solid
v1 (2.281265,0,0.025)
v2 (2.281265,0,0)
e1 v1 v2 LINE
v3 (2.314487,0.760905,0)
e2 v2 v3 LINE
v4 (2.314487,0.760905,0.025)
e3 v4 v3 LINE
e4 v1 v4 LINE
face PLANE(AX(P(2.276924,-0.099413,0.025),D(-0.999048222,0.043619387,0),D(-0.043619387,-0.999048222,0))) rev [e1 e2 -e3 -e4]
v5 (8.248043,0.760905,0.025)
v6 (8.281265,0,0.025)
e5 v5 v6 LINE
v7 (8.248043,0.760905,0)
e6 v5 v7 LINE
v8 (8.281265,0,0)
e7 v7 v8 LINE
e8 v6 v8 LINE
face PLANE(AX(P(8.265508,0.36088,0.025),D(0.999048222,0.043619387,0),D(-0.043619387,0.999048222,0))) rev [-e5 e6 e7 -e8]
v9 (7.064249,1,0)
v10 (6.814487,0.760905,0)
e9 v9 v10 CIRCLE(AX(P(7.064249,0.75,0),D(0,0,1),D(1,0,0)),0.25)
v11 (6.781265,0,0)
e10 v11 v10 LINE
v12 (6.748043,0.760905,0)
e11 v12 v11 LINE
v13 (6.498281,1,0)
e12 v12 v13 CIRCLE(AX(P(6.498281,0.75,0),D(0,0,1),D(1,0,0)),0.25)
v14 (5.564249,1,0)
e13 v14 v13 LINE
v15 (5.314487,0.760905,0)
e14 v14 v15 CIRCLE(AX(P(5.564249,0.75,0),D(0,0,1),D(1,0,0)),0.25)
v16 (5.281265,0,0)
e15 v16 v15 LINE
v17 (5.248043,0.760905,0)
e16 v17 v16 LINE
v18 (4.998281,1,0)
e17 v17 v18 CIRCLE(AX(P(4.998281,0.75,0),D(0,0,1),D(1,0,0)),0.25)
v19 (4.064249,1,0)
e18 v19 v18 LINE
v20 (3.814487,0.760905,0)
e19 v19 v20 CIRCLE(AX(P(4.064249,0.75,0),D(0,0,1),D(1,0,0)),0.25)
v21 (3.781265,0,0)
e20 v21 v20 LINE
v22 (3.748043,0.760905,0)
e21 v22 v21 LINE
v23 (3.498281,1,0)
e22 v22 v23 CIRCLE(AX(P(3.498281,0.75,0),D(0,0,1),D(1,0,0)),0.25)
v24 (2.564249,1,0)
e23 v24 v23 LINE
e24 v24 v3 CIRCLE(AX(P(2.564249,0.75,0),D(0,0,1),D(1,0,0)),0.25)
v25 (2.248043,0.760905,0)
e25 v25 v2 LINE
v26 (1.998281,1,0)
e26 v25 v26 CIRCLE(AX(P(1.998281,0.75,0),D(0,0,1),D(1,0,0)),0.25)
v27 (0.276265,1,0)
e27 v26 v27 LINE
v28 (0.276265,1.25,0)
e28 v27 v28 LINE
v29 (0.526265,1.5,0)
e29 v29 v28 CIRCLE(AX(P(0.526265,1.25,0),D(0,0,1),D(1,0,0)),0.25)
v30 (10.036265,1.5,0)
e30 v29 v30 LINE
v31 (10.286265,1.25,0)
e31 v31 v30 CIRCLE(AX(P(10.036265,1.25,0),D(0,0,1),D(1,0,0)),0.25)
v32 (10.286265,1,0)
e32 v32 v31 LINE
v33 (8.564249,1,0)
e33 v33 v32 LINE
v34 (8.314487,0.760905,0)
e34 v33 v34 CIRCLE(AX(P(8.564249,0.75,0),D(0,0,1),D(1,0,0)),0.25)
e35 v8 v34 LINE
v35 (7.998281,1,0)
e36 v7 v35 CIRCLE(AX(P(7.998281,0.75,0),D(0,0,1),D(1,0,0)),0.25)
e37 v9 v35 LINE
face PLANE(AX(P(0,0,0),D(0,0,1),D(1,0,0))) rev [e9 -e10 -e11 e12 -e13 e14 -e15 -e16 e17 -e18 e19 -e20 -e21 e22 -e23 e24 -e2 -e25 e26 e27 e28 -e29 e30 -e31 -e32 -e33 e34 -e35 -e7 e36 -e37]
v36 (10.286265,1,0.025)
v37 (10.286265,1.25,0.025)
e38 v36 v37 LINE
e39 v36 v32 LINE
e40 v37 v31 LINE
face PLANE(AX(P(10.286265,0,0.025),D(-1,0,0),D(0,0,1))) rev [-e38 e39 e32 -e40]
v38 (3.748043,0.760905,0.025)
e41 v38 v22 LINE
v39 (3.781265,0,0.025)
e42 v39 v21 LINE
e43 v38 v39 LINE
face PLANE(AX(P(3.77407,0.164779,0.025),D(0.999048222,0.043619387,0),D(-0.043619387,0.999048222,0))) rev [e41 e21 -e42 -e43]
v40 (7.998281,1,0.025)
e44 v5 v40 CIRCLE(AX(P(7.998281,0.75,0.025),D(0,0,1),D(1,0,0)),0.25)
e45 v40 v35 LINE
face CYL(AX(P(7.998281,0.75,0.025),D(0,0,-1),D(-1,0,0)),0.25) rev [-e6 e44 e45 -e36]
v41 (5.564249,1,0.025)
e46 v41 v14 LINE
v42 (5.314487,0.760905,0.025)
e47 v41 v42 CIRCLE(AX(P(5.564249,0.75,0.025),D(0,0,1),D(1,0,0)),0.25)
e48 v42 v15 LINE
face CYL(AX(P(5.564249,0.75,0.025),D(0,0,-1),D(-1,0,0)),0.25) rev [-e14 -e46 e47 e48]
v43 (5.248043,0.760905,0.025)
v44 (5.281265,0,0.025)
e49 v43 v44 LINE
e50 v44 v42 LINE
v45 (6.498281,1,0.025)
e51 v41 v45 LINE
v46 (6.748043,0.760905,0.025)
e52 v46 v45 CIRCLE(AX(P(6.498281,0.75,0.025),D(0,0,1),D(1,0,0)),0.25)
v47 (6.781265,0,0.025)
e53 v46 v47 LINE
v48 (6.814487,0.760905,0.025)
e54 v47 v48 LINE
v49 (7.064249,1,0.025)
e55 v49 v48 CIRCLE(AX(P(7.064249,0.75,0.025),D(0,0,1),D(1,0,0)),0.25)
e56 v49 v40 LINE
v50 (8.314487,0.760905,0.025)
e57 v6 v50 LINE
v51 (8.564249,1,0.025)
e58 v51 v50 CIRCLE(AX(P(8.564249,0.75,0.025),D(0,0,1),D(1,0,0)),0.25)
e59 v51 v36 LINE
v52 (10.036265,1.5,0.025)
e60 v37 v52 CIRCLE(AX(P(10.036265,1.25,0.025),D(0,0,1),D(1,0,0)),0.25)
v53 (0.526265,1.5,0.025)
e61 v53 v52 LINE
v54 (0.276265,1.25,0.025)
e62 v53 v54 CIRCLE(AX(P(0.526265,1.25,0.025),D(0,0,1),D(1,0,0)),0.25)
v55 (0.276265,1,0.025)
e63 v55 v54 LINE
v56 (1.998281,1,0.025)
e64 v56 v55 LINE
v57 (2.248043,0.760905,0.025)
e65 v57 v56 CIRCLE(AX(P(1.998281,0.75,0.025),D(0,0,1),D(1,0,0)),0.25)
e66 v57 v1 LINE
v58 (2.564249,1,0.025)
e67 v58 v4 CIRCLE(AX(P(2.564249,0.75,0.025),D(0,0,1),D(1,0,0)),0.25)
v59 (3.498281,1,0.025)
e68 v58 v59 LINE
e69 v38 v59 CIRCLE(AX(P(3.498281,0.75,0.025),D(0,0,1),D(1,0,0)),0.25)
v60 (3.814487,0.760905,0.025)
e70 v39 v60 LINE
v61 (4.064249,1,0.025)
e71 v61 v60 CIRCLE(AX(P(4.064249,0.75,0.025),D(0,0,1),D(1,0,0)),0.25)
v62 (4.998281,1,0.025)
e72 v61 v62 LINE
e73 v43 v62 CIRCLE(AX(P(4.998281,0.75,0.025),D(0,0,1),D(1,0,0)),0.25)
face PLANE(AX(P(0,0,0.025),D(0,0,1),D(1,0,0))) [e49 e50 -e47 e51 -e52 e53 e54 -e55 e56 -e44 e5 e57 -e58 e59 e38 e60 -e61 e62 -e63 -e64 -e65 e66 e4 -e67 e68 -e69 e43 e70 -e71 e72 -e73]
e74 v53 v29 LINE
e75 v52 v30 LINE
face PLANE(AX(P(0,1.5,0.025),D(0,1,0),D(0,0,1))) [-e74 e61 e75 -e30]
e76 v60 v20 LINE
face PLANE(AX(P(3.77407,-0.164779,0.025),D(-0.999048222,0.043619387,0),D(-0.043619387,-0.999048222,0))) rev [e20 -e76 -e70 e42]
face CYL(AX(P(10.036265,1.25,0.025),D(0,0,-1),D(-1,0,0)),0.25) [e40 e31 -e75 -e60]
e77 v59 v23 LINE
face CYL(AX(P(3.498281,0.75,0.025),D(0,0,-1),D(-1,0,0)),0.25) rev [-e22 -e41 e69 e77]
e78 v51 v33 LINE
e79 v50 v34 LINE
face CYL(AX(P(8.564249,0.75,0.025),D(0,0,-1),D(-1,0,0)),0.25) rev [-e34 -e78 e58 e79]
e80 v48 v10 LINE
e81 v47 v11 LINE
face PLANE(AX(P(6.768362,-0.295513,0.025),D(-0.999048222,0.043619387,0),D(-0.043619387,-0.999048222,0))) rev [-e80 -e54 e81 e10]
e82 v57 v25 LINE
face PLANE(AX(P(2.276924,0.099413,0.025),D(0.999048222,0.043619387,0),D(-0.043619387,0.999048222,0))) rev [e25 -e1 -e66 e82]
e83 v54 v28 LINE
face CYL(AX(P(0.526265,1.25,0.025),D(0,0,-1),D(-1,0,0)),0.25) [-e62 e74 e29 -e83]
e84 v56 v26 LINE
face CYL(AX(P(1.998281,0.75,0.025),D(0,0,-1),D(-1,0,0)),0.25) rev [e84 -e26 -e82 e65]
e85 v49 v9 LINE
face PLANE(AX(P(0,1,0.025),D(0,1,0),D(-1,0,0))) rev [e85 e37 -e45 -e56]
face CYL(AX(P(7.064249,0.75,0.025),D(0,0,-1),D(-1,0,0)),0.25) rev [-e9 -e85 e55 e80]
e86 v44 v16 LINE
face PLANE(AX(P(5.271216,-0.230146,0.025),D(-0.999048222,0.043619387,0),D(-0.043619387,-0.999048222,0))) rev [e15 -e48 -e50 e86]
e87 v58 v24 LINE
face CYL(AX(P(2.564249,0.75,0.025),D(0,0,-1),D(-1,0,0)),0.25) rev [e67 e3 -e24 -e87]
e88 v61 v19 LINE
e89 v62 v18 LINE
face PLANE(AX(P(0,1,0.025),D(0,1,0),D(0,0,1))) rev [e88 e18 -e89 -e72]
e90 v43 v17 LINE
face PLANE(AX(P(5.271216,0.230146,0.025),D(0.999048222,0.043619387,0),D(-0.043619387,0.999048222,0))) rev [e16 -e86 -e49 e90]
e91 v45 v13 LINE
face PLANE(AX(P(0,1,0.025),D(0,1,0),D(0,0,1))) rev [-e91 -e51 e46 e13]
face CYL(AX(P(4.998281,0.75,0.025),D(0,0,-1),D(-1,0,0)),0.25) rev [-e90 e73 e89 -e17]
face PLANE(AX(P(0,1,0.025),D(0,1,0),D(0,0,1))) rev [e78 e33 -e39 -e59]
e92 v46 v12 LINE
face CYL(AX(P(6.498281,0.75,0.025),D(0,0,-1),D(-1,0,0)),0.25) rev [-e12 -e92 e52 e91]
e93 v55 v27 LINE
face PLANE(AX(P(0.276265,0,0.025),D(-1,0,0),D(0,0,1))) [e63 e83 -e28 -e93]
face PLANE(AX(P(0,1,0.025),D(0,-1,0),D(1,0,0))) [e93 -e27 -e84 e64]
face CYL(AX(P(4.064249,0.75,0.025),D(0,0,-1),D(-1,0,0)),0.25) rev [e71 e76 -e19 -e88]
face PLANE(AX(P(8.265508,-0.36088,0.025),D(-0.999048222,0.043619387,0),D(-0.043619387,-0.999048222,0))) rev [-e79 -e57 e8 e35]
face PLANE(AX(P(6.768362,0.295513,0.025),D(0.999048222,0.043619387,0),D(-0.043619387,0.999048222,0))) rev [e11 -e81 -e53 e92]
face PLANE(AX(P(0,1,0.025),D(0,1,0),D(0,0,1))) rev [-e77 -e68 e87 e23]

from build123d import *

# Parameters (mm, degrees)
BOSS_EXTRUDE1_DEPTH = 0.025


with BuildPart() as part:
    # Model → Boss-Extrude1 (new body)
    with BuildSketch(Plane.XY):
        with BuildLine():
            Line((8.5975, 1.5), (1.9475, 1.5))
            Line((1.9475, 1.5), (0.526264761, 1.5))
            ThreePointArc((0.526264761, 1.5), (0.349488066, 1.426776695), (0.276264761, 1.25))
            Line((0.276264761, 1.25), (0.276264761, 1))
            Line((0.276264761, 1), (0.706264761, 1))
            Line((0.706264761, 1), (1.248280883, 1))
            Line((1.248280883, 1), (1.998280883, 1))
            ThreePointArc((1.998280883, 1), (2.171159147, 0.930590991), (2.248042938, 0.760904847))
            Line((2.248042938, 0.760904847), (2.281264761, 0))
            Line((2.281264761, 0), (2.314486584, 0.760904847))
            ThreePointArc((2.314486584, 0.760904847), (2.391370376, 0.930590991), (2.56424864, 1))
            Line((2.56424864, 1), (3.498280883, 1))
            ThreePointArc((3.498280883, 1), (3.671159147, 0.930590991), (3.748042938, 0.760904847))
            Line((3.748042938, 0.760904847), (3.781264761, 0))
            Line((3.781264761, 0), (3.814486584, 0.760904847))
            ThreePointArc((3.814486584, 0.760904847), (3.891370376, 0.930590991), (4.06424864, 1))
            Line((4.06424864, 1), (4.998280883, 1))
            ThreePointArc((4.998280883, 1), (5.171159147, 0.930590991), (5.248042938, 0.760904847))
            Line((5.248042938, 0.760904847), (5.281264761, 0))
            Line((5.281264761, 0), (5.314486584, 0.760904847))
            ThreePointArc((5.314486584, 0.760904847), (5.391370376, 0.930590991), (5.56424864, 1))
            Line((5.56424864, 1), (6.498280883, 1))
            ThreePointArc((6.498280883, 1), (6.671159147, 0.930590991), (6.748042938, 0.760904847))
            Line((6.748042938, 0.760904847), (6.781264761, 0))
            Line((6.781264761, 0), (6.814486584, 0.760904847))
            ThreePointArc((6.814486584, 0.760904847), (6.891370376, 0.930590991), (7.06424864, 1))
            Line((7.06424864, 1), (7.998280883, 1))
            ThreePointArc((7.998280883, 1), (8.171159147, 0.930590991), (8.248042938, 0.760904847))
            Line((8.248042938, 0.760904847), (8.281264761, 0))
            Line((8.281264761, 0), (8.314486584, 0.760904847))
            ThreePointArc((8.314486584, 0.760904847), (8.391370376, 0.930590991), (8.56424864, 1))
            Line((8.56424864, 1), (9.31424864, 1))
            Line((9.31424864, 1), (9.856264761, 1))
            Line((9.856264761, 1), (10.286264761, 1))
            Line((10.286264761, 1), (10.286264761, 1.25))
            ThreePointArc((10.286264761, 1.25), (10.213041457, 1.426776695), (10.036264761, 1.5))
            Line((10.036264761, 1.5), (8.5975, 1.5))
        make_face()
    extrude(amount=BOSS_EXTRUDE1_DEPTH)


solid = part.part
